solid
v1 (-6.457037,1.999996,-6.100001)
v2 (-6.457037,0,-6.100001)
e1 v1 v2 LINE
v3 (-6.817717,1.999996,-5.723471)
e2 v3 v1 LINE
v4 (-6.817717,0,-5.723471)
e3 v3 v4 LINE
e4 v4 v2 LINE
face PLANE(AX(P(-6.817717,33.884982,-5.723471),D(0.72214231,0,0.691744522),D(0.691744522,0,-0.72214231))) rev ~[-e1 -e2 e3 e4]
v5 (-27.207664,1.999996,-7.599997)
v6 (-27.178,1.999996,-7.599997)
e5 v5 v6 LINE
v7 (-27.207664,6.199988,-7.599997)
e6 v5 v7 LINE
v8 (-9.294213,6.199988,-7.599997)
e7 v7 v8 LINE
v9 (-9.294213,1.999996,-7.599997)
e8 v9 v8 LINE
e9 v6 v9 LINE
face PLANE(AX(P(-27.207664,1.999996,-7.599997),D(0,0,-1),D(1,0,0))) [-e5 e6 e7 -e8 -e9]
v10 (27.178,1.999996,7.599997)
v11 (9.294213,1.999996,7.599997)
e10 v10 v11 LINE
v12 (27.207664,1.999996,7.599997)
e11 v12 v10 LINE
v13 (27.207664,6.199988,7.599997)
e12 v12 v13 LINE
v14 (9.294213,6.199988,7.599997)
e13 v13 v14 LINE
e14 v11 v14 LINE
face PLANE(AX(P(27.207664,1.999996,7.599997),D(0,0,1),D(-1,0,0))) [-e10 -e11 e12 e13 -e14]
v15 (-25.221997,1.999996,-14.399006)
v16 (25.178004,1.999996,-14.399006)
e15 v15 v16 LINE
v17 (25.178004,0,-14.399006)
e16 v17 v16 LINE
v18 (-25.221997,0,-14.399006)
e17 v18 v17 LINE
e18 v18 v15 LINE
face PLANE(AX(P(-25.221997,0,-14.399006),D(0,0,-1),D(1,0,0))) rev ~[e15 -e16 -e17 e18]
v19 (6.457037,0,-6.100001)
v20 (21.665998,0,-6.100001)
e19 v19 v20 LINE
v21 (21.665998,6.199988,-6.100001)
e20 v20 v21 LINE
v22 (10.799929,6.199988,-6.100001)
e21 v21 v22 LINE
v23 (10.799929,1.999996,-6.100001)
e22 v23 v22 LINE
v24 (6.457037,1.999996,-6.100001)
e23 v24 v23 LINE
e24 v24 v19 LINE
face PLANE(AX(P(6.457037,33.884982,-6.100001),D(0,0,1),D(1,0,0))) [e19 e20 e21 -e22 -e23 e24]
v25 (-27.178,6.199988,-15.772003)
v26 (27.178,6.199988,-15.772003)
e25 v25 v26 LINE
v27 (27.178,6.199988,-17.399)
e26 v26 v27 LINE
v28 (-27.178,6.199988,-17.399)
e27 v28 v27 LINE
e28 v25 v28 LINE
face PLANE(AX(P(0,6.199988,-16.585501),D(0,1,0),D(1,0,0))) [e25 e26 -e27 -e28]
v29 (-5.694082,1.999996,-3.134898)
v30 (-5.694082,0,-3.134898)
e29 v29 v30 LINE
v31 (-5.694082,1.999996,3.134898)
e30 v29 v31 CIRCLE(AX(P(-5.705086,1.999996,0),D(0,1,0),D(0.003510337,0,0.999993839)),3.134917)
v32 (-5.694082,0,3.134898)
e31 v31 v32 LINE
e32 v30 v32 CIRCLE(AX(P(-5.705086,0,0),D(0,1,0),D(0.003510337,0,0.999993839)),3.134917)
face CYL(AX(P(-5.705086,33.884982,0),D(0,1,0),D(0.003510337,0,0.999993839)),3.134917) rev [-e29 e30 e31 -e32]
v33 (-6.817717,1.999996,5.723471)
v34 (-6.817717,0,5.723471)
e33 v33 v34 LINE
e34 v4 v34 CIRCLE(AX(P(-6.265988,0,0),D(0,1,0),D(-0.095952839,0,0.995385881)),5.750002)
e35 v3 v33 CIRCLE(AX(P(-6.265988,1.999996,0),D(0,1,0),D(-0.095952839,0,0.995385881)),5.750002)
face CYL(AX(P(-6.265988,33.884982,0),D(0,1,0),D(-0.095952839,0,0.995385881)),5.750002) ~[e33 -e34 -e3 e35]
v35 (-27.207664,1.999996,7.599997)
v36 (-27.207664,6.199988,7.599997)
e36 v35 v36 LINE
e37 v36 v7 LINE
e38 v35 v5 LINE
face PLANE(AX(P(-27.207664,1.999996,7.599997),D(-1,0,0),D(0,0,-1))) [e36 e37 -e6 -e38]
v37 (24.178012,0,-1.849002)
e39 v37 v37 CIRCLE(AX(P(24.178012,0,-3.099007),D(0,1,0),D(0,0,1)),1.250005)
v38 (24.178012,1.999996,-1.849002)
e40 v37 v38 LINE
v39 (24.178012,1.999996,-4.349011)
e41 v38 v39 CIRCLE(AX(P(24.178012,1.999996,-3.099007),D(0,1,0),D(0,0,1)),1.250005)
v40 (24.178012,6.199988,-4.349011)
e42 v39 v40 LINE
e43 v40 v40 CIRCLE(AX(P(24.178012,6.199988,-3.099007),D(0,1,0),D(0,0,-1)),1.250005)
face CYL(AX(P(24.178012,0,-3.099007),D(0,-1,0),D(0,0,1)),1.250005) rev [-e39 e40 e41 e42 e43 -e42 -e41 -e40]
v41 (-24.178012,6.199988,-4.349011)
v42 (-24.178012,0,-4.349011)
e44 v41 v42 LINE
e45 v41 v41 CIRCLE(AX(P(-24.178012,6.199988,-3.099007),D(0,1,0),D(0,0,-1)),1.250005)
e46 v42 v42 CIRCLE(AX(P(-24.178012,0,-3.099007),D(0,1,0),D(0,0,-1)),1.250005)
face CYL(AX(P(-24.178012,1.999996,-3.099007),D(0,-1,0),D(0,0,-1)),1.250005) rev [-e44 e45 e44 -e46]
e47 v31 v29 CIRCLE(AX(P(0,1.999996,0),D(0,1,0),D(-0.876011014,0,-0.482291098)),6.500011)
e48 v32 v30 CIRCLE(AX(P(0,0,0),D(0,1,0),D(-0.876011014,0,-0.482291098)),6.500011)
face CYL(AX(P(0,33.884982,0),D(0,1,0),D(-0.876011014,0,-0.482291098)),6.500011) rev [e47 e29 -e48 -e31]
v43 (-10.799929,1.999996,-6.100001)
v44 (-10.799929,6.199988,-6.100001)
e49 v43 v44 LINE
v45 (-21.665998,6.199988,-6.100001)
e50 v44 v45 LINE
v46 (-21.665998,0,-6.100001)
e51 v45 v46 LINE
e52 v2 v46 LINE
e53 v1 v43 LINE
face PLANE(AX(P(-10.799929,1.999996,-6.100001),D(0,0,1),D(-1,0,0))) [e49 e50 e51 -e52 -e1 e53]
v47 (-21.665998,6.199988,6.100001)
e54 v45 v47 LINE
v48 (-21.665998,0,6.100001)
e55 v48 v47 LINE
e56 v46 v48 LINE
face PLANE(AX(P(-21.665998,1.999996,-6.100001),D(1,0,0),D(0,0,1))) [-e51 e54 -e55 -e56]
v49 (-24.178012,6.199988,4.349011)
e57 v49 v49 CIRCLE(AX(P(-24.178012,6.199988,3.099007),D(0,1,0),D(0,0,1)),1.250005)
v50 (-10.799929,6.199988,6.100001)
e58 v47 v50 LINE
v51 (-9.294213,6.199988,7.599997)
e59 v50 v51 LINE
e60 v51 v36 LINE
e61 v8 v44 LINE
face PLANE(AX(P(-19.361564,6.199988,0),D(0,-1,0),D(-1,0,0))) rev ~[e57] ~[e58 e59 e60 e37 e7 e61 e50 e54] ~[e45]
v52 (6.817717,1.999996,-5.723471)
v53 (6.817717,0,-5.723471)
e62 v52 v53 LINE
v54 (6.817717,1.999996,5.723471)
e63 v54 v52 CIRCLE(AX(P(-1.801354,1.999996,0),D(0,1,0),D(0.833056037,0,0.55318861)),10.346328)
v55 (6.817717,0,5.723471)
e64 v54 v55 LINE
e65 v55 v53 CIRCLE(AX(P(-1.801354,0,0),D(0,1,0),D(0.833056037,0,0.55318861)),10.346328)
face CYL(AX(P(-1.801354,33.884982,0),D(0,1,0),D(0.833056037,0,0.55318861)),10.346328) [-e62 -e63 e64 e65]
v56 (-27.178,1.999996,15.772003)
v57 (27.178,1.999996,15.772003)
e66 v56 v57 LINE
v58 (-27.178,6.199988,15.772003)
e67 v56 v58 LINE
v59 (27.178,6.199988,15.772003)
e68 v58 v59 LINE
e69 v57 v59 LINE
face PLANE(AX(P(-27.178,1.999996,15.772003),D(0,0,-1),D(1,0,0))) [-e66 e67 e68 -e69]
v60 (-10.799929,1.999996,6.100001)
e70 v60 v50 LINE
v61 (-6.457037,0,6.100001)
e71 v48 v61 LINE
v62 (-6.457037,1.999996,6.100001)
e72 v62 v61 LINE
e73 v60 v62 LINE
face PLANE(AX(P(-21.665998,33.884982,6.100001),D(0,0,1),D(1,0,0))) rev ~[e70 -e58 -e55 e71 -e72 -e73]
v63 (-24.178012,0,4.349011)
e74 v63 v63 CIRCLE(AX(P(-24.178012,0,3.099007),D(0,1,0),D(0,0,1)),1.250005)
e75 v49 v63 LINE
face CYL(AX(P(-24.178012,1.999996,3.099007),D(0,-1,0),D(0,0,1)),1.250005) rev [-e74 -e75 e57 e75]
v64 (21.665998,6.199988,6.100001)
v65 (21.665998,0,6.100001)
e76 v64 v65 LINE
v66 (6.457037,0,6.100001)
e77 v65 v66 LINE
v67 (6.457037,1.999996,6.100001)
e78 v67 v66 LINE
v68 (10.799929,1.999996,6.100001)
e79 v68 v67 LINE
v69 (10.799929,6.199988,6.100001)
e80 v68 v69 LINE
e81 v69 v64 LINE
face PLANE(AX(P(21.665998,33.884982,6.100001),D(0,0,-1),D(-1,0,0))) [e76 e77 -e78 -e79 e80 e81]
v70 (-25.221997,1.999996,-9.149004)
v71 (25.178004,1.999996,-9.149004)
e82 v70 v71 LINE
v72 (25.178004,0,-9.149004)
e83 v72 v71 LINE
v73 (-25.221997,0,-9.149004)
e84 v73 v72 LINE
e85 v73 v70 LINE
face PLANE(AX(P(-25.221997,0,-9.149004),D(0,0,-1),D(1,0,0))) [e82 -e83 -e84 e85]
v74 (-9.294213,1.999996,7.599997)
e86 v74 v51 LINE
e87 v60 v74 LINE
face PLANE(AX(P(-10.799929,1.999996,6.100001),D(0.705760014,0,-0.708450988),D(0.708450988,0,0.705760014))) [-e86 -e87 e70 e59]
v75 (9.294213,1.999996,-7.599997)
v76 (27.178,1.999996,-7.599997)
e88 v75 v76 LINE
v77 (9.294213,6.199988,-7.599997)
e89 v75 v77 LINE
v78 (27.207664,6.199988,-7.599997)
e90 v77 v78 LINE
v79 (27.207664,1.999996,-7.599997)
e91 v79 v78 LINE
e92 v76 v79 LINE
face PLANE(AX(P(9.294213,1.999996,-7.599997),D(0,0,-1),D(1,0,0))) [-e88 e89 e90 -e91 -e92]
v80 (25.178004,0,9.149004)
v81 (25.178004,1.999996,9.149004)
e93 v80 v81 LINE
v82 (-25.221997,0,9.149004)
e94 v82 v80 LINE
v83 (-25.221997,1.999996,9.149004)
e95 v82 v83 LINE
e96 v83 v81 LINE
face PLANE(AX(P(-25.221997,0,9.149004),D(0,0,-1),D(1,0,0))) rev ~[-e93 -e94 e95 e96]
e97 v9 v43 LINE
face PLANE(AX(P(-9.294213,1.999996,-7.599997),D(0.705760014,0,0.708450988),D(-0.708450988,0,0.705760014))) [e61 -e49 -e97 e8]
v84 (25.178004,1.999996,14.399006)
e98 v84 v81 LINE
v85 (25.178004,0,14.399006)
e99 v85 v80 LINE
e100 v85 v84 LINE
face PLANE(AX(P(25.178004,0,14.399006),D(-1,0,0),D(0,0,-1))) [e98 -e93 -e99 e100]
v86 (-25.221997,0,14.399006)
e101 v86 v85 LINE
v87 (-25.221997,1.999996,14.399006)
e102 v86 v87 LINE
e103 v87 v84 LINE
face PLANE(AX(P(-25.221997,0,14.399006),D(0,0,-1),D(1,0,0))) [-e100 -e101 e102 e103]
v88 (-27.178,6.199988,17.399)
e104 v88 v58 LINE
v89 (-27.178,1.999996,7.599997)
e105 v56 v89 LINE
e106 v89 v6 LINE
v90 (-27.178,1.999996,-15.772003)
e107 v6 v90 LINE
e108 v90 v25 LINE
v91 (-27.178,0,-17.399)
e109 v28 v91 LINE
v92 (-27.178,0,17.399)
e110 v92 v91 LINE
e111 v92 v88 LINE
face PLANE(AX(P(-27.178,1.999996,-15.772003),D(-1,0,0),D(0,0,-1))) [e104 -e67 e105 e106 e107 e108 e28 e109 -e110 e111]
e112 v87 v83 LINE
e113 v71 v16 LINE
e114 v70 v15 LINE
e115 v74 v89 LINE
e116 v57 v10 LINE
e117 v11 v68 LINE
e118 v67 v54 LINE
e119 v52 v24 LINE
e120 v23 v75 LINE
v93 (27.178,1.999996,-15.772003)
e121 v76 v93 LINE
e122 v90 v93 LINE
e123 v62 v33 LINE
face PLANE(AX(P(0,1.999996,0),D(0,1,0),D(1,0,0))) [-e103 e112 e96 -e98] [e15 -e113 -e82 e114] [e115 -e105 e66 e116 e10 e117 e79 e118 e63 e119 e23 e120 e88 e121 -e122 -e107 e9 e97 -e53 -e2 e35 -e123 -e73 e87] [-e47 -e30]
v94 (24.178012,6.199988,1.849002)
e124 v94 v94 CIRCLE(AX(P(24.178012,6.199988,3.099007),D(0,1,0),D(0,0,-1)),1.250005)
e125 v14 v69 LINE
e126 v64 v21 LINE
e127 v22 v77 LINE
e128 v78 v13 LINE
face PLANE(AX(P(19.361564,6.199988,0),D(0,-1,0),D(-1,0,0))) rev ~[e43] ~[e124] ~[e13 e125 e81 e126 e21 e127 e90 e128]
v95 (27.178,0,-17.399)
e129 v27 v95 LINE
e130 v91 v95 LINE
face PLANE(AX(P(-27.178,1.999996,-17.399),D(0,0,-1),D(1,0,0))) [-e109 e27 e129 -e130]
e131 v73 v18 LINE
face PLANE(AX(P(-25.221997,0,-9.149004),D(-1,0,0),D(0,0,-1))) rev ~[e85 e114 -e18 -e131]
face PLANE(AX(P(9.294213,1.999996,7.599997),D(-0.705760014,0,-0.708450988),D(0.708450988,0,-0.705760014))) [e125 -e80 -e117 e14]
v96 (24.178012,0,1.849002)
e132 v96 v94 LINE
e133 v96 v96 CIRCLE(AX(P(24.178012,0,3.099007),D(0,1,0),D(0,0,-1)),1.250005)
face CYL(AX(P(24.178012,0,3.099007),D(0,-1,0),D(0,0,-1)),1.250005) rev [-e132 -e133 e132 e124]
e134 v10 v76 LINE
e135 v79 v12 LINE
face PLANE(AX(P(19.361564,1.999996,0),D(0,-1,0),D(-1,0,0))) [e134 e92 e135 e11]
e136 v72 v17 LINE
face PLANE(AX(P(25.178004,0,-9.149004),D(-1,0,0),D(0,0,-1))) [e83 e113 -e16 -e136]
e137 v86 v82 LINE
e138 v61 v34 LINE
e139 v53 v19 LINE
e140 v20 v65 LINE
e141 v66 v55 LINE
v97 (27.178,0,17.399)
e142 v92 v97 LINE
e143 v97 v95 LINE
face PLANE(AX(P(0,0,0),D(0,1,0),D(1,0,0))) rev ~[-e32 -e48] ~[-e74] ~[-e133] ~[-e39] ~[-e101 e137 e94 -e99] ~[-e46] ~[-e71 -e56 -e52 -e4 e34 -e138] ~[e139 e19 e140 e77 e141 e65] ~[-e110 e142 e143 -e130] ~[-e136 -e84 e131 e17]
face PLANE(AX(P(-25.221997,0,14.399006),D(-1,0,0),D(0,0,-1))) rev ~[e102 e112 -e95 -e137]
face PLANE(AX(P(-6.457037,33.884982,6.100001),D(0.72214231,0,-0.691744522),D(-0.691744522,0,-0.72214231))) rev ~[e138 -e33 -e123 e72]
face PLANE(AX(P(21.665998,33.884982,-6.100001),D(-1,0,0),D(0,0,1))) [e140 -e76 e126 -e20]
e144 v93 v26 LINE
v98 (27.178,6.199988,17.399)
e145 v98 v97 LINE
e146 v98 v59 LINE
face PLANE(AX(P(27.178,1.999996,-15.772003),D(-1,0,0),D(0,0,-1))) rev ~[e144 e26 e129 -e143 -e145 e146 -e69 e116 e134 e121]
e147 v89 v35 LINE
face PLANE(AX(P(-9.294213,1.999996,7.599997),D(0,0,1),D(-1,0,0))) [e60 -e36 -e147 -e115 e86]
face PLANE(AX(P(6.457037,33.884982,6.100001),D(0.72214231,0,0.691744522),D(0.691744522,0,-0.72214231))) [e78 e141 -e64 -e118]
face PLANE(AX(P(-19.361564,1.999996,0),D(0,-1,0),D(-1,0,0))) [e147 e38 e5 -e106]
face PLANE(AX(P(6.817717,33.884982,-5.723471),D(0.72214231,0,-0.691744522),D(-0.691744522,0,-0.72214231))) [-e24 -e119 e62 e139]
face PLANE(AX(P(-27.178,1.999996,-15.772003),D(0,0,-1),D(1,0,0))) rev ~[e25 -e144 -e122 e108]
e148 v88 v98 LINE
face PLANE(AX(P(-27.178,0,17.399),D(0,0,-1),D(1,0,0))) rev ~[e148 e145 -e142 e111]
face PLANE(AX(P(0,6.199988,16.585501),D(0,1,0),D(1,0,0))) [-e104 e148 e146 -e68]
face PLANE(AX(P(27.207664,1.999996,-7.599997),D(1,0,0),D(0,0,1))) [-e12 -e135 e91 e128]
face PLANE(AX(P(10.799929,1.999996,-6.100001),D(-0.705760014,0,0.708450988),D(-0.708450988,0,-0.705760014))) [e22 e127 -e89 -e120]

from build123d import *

# Parameters (mm, degrees)
SKETCH1_W               = 54.356
SKETCH1_H               = 34.798
SKETCH1_R               = 1.250004527
SKETCH1_W_2             = 50.4000008
SKETCH1_H_2             = 5.2500022
BOSS_EXTRUDE1_DEPTH     = 1.999996
SKETCH2_W               = 54.356
SKETCH2_H               = 1.626997
BOSS_EXTRUDE2_DEPTH     = 4.1999916
SKETCH3_R               = 1.250004527
BOSS_EXTRUDE3_DEPTH     = 4.1999916
CUT_EXTRUDE1_DEPTH      = 33.88498208
CUT_EXTRUDE1_DEPTH_BACK = 33.88498208


with BuildPart() as part:
    # Sketch1 → Boss-Extrude1 (new body)
    with BuildSketch(Plane(origin=(0, 0, 0), x_dir=(1, 0, 0), z_dir=(0, 1, 0))):
        Rectangle(SKETCH1_W, SKETCH1_H)
        with Locations(Location((24.178011673, 3.099006966, 0), (0, 0, 270))):
            Circle(SKETCH1_R, mode=Mode.SUBTRACT)
        with Locations(Location((24.178011673, -3.099006966, 0), (0, 0, 90))):
            Circle(SKETCH1_R, mode=Mode.SUBTRACT)
        with Locations(Location((-24.178011673, -3.099006966, 0), (0, 0, 270))):
            Circle(SKETCH1_R, mode=Mode.SUBTRACT)
        with Locations(Location((-24.178011673, 3.099006966, 0), (0, 0, 90))):
            Circle(SKETCH1_R, mode=Mode.SUBTRACT)
        with Locations((-0.0219964, 11.7740049)):
            Rectangle(SKETCH1_W_2, SKETCH1_H_2, mode=Mode.SUBTRACT)
        with Locations((-0.0219964, -11.7740049)):
            Rectangle(SKETCH1_W_2, SKETCH1_H_2, mode=Mode.SUBTRACT)
    extrude(amount=BOSS_EXTRUDE1_DEPTH)

    # Sketch2 → Boss-Extrude2 (add)
    with BuildSketch(Plane(origin=(0, 1.999996, 0), x_dir=(1, 0, 0), z_dir=(0, 1, 0))):
        with Locations((0, 16.5855015)):
            Rectangle(SKETCH2_W, SKETCH2_H)
        with Locations((0, -16.5855015)):
            Rectangle(SKETCH2_W, SKETCH2_H)
    extrude(amount=BOSS_EXTRUDE2_DEPTH)

    # Sketch3 → Boss-Extrude3 (add)
    # profile 1 of 2: a face of its own
    with BuildSketch(Plane(origin=(0, 1.999996, 0), x_dir=(1, 0, 0), z_dir=(0, 1, 0))):
        Polygon((-27.207664346, 7.5999975), (-9.294212746, 7.5999975), (-10.799929046, 6.1000005), (-21.665998246, 6.1000005), (-21.665998246, -6.1000005), (-10.799929046, -6.1000005), (-9.294212746, -7.5999975), (-27.207664346, -7.5999975), align=None)
        with Locations(Location((-24.178011673, -3.099006966, 0), (0, 0, 270))):
            Circle(SKETCH3_R, mode=Mode.SUBTRACT)
        with Locations(Location((-24.178011673, 3.099006966, 0), (0, 0, 90))):
            Circle(SKETCH3_R, mode=Mode.SUBTRACT)
    # profile 2 of 2: a face of its own
    with BuildSketch(Plane(origin=(0, 1.999996, 0), x_dir=(1, 0, 0), z_dir=(0, 1, 0))):
        Polygon((27.207664346, -7.5999975), (9.294212746, -7.5999975), (10.799929046, -6.1000005), (21.665998246, -6.1000005), (21.665998246, 6.1000005), (10.799929046, 6.1000005), (9.294212746, 7.5999975), (27.207664346, 7.5999975), align=None)
        with Locations(Location((24.178011673, 3.099006966, 0), (0, 0, 90))):
            Circle(SKETCH3_R, mode=Mode.SUBTRACT)
        with Locations(Location((24.178011673, -3.099006966, 0), (0, 0, 90))):
            Circle(SKETCH3_R, mode=Mode.SUBTRACT)
    extrude(amount=BOSS_EXTRUDE3_DEPTH)

    # Sketch4 → Cut-Extrude1 (cut, two sides: drawn at the far end of the back side and taken through both)
    with BuildSketch(Plane.XZ.offset(-CUT_EXTRUDE1_DEPTH_BACK)):
        with BuildLine():
            ThreePointArc((-5.694081512, -3.1348976), (6.500011325, 0), (-5.694081512, 3.1348976))
            ThreePointArc((-5.694081512, 3.1348976), (-8.840003041, 0), (-5.694081512, -3.1348976))
        make_face()
        with BuildLine():
            ThreePointArc((-6.817717046, 5.7234709), (-12.015990113, 0), (-6.817717046, -5.7234709))
            Line((-6.817717046, -5.7234709), (-6.457037046, -6.1000005))
            Line((-6.457037046, -6.1000005), (-10.799929046, -6.1000005))
            Line((-10.799929046, -6.1000005), (-21.665998246, -6.1000005))
            Line((-21.665998246, -6.1000005), (-21.665998246, 6.1000005))
            Line((-21.665998246, 6.1000005), (-10.799929046, 6.1000005))
            Line((-10.799929046, 6.1000005), (-6.457037046, 6.1000005))
            Line((-6.457037046, 6.1000005), (-6.817717046, 5.7234709))
        make_face()
        with BuildLine():
            Line((6.457037046, 6.1000005), (6.817717046, 5.7234709))
            ThreePointArc((6.817717046, 5.7234709), (8.544974069, 0), (6.817717046, -5.7234709))
            Line((6.817717046, -5.7234709), (6.457037046, -6.1000005))
            Line((6.457037046, -6.1000005), (10.799929046, -6.1000005))
            Line((10.799929046, -6.1000005), (21.665998246, -6.1000005))
            Line((21.665998246, -6.1000005), (21.665998246, 6.1000005))
            Line((21.665998246, 6.1000005), (10.799929046, 6.1000005))
            Line((10.799929046, 6.1000005), (6.457037046, 6.1000005))
        make_face()
    extrude(amount=CUT_EXTRUDE1_DEPTH + CUT_EXTRUDE1_DEPTH_BACK, mode=Mode.SUBTRACT)


solid = part.part
